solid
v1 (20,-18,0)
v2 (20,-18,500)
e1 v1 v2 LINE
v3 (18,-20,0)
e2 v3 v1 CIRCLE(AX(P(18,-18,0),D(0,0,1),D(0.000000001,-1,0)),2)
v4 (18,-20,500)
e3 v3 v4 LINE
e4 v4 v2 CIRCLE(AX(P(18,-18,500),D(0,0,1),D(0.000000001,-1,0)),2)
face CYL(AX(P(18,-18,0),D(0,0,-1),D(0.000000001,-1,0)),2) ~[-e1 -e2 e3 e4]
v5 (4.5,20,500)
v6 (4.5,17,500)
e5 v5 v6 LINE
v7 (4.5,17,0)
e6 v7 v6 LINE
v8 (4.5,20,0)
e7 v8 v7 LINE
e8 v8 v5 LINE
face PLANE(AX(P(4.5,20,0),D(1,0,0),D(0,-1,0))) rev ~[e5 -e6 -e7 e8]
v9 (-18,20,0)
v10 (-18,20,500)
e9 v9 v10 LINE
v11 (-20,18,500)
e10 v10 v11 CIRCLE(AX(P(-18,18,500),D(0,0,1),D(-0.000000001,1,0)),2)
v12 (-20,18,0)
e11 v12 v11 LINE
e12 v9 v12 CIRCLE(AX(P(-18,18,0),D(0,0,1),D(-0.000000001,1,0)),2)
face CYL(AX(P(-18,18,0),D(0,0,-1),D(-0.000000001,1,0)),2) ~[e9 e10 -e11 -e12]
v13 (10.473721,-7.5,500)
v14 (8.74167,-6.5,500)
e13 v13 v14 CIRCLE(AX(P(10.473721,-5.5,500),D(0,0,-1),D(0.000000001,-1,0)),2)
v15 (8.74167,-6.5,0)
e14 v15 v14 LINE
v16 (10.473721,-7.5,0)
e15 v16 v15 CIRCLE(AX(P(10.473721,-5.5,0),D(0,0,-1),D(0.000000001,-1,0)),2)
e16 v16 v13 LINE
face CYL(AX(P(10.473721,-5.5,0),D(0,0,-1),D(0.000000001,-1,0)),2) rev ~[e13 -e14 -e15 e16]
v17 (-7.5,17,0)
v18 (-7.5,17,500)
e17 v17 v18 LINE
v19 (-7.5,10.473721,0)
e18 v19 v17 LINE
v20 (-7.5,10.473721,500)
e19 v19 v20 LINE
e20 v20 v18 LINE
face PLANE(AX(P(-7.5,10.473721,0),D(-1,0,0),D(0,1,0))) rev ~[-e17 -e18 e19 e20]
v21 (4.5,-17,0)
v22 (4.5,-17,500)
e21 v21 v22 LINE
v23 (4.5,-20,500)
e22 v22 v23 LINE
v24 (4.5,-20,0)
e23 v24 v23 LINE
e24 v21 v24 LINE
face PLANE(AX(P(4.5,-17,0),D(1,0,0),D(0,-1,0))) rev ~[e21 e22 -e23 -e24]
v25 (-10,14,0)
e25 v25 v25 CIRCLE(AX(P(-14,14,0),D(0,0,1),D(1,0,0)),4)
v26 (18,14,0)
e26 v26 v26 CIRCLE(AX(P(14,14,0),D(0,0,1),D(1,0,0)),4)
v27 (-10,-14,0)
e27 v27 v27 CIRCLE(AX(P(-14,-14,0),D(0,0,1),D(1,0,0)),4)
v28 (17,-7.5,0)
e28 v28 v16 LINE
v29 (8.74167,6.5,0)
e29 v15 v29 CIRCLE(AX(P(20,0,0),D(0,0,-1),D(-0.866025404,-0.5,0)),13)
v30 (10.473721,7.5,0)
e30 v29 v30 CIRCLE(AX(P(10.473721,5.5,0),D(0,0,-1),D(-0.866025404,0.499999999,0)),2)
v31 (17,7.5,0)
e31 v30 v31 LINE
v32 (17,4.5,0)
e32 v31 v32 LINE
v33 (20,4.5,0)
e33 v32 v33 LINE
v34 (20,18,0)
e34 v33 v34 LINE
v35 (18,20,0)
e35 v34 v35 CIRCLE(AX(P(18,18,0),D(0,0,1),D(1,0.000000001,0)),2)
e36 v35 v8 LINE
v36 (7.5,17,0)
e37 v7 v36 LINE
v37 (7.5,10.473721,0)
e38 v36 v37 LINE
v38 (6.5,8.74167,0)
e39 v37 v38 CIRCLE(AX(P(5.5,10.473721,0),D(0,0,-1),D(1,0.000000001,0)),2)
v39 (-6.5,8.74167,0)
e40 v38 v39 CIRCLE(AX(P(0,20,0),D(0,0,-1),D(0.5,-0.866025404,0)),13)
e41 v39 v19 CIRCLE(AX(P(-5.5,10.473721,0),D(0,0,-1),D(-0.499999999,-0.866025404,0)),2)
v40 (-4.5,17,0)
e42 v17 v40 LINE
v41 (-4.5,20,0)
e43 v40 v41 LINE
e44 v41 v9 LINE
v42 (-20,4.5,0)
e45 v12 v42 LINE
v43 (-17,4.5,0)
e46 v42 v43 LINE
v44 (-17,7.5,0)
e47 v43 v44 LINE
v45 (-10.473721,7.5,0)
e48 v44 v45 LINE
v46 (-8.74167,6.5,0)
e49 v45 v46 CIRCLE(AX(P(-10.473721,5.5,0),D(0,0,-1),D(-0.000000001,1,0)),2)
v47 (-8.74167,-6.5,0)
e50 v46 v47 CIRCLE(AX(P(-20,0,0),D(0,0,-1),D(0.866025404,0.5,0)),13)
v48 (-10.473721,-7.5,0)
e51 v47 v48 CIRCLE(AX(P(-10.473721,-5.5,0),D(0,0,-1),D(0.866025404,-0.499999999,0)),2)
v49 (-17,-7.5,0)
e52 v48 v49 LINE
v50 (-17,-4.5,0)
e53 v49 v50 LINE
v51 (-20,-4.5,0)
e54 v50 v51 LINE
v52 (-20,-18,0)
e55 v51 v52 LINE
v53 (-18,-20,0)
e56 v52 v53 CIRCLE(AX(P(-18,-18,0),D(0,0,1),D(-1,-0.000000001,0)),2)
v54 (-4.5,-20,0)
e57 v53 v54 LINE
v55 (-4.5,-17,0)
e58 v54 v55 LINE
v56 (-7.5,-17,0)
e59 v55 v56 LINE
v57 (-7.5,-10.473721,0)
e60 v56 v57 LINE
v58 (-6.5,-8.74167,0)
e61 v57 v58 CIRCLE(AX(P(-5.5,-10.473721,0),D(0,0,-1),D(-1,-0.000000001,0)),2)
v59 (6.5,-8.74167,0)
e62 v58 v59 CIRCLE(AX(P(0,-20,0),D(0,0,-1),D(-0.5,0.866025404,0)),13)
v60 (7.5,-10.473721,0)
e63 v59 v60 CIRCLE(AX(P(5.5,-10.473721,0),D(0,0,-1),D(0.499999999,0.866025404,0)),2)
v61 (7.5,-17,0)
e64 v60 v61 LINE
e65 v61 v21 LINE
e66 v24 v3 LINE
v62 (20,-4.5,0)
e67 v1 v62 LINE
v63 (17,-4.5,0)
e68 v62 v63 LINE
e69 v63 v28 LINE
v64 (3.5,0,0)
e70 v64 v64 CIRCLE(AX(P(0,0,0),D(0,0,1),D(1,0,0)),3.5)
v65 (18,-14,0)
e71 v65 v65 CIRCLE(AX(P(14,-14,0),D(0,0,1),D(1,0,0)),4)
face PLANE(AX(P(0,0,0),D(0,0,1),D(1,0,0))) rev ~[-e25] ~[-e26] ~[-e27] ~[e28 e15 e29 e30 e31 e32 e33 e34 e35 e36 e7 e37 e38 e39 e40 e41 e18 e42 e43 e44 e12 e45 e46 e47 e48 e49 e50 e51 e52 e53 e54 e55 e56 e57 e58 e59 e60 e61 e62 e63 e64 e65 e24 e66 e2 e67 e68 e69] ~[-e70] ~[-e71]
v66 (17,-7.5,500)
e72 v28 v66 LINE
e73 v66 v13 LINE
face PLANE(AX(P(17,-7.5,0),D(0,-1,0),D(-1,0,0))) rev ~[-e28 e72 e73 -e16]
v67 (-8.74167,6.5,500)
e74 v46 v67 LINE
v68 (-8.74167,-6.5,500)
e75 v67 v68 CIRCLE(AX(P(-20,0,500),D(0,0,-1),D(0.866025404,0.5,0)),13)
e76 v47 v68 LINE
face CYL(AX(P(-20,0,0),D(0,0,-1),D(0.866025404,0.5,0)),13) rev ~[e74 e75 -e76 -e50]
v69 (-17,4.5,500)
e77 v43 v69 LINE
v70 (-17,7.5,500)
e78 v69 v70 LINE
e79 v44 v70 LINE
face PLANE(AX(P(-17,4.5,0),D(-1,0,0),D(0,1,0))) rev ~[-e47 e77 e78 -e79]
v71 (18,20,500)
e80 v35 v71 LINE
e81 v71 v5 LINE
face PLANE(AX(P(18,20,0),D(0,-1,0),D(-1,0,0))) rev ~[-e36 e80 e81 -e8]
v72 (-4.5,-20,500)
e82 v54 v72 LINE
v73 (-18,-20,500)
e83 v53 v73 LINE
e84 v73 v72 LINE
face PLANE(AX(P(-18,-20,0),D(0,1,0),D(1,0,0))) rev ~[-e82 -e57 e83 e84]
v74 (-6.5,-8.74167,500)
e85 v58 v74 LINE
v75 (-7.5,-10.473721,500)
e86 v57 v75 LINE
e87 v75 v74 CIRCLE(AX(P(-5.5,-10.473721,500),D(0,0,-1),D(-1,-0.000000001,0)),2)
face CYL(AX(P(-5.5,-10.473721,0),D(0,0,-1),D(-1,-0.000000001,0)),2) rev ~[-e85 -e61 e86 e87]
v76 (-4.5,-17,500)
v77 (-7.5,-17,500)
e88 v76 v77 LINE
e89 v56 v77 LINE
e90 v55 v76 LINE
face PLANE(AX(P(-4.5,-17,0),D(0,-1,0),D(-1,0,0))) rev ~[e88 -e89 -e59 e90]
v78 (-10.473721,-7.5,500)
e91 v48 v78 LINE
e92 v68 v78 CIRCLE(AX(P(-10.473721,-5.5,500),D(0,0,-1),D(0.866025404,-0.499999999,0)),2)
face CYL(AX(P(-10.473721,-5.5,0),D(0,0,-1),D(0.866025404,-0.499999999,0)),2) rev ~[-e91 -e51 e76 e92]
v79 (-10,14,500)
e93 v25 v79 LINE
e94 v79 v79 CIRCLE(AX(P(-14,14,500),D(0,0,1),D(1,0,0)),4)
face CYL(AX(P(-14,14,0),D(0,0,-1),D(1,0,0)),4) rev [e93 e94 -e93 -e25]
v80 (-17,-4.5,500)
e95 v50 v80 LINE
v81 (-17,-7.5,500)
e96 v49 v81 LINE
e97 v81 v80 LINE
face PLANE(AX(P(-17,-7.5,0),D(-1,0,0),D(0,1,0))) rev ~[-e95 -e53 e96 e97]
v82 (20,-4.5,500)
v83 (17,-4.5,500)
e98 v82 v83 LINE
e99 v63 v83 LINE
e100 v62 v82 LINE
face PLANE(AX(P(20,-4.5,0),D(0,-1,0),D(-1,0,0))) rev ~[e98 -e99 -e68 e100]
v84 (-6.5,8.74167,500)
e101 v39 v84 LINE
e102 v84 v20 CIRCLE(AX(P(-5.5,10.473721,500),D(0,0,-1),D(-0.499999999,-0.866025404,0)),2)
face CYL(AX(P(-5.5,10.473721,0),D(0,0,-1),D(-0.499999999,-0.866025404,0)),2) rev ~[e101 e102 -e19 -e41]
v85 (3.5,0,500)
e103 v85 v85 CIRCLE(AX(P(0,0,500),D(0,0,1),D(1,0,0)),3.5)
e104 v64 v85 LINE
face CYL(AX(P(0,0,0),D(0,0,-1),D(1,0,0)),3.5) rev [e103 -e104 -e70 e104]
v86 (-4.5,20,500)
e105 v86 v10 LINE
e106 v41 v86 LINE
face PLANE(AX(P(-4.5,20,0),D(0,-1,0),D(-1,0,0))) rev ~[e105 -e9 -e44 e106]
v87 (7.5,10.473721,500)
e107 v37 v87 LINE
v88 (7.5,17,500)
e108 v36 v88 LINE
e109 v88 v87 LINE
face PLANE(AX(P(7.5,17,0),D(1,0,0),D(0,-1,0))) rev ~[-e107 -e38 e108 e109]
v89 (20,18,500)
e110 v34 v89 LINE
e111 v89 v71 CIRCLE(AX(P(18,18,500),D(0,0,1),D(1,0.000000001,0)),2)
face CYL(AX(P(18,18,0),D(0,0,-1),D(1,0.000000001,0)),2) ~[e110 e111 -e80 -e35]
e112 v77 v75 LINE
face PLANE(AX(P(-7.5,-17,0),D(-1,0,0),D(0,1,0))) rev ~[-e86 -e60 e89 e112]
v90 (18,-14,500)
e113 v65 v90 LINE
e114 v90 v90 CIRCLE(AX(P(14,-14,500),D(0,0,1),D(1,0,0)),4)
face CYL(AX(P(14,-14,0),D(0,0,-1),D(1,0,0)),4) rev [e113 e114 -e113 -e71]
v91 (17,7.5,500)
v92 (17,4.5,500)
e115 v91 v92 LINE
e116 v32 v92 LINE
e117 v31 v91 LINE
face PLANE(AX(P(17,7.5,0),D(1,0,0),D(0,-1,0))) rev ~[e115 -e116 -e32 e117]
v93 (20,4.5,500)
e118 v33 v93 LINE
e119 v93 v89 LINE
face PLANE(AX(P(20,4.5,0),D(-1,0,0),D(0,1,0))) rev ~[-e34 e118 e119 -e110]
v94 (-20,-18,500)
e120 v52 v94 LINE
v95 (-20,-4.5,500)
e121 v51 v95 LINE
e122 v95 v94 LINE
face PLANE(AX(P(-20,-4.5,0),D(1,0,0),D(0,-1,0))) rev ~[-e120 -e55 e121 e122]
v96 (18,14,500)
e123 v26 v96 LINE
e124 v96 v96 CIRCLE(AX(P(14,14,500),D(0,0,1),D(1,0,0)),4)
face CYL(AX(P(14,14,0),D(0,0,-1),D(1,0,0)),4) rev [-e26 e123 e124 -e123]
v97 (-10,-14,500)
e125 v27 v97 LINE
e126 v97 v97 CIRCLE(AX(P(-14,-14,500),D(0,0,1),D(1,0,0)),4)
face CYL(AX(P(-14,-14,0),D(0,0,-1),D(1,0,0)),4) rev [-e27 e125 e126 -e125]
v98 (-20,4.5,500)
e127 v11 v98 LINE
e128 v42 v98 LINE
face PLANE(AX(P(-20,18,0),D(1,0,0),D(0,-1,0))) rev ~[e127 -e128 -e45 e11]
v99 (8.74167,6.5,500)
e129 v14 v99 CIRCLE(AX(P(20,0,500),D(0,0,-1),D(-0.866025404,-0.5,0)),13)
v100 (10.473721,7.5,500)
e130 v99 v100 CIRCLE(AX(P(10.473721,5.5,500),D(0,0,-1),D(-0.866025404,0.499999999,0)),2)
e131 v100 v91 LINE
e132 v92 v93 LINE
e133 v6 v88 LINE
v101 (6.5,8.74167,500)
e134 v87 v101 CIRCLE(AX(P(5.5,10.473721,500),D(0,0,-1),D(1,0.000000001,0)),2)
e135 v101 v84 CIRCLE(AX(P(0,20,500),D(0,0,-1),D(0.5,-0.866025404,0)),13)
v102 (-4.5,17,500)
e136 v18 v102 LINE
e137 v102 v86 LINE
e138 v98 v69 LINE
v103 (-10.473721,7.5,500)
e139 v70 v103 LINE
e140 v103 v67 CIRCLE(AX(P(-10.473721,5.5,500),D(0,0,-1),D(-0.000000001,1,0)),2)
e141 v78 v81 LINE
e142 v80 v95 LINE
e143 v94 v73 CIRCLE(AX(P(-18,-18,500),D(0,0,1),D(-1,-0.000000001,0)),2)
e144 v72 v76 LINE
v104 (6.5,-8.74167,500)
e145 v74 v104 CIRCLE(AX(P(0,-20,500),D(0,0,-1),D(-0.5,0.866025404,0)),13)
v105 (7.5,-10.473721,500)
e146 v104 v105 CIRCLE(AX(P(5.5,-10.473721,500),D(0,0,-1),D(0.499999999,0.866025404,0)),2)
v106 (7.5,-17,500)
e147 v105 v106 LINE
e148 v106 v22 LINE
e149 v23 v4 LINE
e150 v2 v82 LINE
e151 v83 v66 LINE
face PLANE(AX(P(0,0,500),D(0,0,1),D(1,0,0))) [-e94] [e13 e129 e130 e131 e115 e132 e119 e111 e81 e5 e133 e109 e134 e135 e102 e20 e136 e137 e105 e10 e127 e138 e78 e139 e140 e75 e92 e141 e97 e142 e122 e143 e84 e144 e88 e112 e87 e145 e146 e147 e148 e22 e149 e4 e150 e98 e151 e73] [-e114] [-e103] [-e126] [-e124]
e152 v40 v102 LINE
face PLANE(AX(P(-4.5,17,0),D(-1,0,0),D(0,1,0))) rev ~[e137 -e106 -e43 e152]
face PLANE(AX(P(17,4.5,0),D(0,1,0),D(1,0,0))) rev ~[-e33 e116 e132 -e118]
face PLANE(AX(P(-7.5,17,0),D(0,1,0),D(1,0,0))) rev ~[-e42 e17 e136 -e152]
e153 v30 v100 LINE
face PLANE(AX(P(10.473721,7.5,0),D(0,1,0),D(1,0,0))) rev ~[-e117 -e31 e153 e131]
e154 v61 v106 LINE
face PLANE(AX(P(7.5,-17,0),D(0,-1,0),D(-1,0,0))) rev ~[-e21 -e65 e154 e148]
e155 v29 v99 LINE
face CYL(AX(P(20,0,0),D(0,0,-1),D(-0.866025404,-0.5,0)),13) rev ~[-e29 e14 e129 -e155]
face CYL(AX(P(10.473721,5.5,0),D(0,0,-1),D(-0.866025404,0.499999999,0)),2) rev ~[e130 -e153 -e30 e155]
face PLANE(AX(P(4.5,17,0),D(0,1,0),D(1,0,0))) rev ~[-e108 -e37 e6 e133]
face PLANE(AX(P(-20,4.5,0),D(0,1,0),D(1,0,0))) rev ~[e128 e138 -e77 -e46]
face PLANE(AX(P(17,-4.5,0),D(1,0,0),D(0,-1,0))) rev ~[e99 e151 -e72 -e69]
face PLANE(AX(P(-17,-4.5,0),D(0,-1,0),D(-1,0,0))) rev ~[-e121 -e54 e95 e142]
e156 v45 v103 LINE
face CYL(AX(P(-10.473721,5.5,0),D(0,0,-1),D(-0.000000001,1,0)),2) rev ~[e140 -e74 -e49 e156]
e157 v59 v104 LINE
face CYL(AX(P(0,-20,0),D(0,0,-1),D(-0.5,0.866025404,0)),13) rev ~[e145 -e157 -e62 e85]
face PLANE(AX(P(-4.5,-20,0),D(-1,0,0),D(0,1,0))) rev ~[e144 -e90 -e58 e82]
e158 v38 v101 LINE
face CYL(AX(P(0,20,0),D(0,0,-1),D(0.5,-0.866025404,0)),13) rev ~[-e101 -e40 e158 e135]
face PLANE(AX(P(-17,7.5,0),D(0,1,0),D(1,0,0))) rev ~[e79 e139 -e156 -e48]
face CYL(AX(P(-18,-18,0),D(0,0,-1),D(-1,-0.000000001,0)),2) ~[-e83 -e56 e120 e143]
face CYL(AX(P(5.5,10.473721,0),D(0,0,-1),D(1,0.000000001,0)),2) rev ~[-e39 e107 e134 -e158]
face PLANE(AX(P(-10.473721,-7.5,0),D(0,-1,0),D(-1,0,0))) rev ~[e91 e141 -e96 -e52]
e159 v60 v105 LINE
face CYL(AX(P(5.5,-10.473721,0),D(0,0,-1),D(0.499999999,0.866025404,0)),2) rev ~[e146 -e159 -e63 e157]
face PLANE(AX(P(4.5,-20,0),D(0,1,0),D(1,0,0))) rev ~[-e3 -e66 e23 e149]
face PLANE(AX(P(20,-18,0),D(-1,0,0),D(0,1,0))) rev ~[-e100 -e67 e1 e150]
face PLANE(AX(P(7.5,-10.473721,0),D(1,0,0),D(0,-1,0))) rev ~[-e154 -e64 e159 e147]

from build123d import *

# Parameters (mm, degrees)
SKETCH1_R           = 4
SKETCH1_R_2         = 3.5
BOSS_EXTRUDE1_DEPTH = 500


with BuildPart() as part:
    # Sketch1 → Boss-Extrude1 (new body)
    with BuildSketch(Plane.XY):
        with BuildLine():
            Line((-20, 18), (-20, 4.5))
            Line((-20, 4.5), (-17, 4.5))
            Line((-17, 4.5), (-17, 7.5))
            Line((-17, 7.5), (-10.473720558, 7.5))
            ThreePointArc((-10.473720558, 7.5), (-9.473720558, 7.232050808), (-8.741669751, 6.5))
            ThreePointArc((-8.741669751, 6.5), (-7, 0), (-8.741669751, -6.5))
            ThreePointArc((-8.741669751, -6.5), (-9.473720558, -7.232050808), (-10.473720558, -7.5))
            Line((-10.473720558, -7.5), (-17, -7.5))
            Line((-17, -7.5), (-17, -4.5))
            Line((-17, -4.5), (-20, -4.5))
            Line((-20, -4.5), (-20, -18))
            ThreePointArc((-20, -18), (-19.414213562, -19.414213562), (-18, -20))
            Line((-18, -20), (-4.5, -20))
            Line((-4.5, -20), (-4.5, -17))
            Line((-4.5, -17), (-7.5, -17))
            Line((-7.5, -17), (-7.5, -10.473720558))
            ThreePointArc((-7.5, -10.473720558), (-7.232050808, -9.473720558), (-6.5, -8.741669751))
            ThreePointArc((-6.5, -8.741669751), (0, -7), (6.5, -8.741669751))
            ThreePointArc((6.5, -8.741669751), (7.232050808, -9.473720558), (7.5, -10.473720558))
            Line((7.5, -10.473720558), (7.5, -17))
            Line((7.5, -17), (4.5, -17))
            Line((4.5, -17), (4.5, -20))
            Line((4.5, -20), (18, -20))
            ThreePointArc((18, -20), (19.414213562, -19.414213562), (20, -18))
            Line((20, -18), (20, -4.5))
            Line((20, -4.5), (17, -4.5))
            Line((17, -4.5), (17, -7.5))
            Line((17, -7.5), (10.473720558, -7.5))
            ThreePointArc((10.473720558, -7.5), (9.473720558, -7.232050808), (8.741669751, -6.5))
            ThreePointArc((8.741669751, -6.5), (7, 0), (8.741669751, 6.5))
            ThreePointArc((8.741669751, 6.5), (9.473720558, 7.232050808), (10.473720558, 7.5))
            Line((10.473720558, 7.5), (17, 7.5))
            Line((17, 7.5), (17, 4.5))
            Line((17, 4.5), (20, 4.5))
            Line((20, 4.5), (20, 18))
            ThreePointArc((20, 18), (19.414213562, 19.414213562), (18, 20))
            Line((18, 20), (4.5, 20))
            Line((4.5, 20), (4.5, 17))
            Line((4.5, 17), (7.5, 17))
            Line((7.5, 17), (7.5, 10.473720558))
            ThreePointArc((7.5, 10.473720558), (7.232050808, 9.473720558), (6.5, 8.741669751))
            ThreePointArc((6.5, 8.741669751), (0, 7), (-6.5, 8.741669751))
            ThreePointArc((-6.5, 8.741669751), (-7.232050808, 9.473720558), (-7.5, 10.473720558))
            Line((-7.5, 10.473720558), (-7.5, 17))
            Line((-7.5, 17), (-4.5, 17))
            Line((-4.5, 17), (-4.5, 20))
            Line((-4.5, 20), (-18, 20))
            ThreePointArc((-18, 20), (-19.414213562, 19.414213562), (-20, 18))
        make_face()
        with Locations((-14, -14)):
            Circle(SKETCH1_R, mode=Mode.SUBTRACT)
        with Locations((14, -14)):
            Circle(SKETCH1_R, mode=Mode.SUBTRACT)
        with Locations((14, 14)):
            Circle(SKETCH1_R, mode=Mode.SUBTRACT)
        Circle(SKETCH1_R_2, mode=Mode.SUBTRACT)
        with Locations((-14, 14)):
            Circle(SKETCH1_R, mode=Mode.SUBTRACT)
    extrude(amount=BOSS_EXTRUDE1_DEPTH)


solid = part.part
